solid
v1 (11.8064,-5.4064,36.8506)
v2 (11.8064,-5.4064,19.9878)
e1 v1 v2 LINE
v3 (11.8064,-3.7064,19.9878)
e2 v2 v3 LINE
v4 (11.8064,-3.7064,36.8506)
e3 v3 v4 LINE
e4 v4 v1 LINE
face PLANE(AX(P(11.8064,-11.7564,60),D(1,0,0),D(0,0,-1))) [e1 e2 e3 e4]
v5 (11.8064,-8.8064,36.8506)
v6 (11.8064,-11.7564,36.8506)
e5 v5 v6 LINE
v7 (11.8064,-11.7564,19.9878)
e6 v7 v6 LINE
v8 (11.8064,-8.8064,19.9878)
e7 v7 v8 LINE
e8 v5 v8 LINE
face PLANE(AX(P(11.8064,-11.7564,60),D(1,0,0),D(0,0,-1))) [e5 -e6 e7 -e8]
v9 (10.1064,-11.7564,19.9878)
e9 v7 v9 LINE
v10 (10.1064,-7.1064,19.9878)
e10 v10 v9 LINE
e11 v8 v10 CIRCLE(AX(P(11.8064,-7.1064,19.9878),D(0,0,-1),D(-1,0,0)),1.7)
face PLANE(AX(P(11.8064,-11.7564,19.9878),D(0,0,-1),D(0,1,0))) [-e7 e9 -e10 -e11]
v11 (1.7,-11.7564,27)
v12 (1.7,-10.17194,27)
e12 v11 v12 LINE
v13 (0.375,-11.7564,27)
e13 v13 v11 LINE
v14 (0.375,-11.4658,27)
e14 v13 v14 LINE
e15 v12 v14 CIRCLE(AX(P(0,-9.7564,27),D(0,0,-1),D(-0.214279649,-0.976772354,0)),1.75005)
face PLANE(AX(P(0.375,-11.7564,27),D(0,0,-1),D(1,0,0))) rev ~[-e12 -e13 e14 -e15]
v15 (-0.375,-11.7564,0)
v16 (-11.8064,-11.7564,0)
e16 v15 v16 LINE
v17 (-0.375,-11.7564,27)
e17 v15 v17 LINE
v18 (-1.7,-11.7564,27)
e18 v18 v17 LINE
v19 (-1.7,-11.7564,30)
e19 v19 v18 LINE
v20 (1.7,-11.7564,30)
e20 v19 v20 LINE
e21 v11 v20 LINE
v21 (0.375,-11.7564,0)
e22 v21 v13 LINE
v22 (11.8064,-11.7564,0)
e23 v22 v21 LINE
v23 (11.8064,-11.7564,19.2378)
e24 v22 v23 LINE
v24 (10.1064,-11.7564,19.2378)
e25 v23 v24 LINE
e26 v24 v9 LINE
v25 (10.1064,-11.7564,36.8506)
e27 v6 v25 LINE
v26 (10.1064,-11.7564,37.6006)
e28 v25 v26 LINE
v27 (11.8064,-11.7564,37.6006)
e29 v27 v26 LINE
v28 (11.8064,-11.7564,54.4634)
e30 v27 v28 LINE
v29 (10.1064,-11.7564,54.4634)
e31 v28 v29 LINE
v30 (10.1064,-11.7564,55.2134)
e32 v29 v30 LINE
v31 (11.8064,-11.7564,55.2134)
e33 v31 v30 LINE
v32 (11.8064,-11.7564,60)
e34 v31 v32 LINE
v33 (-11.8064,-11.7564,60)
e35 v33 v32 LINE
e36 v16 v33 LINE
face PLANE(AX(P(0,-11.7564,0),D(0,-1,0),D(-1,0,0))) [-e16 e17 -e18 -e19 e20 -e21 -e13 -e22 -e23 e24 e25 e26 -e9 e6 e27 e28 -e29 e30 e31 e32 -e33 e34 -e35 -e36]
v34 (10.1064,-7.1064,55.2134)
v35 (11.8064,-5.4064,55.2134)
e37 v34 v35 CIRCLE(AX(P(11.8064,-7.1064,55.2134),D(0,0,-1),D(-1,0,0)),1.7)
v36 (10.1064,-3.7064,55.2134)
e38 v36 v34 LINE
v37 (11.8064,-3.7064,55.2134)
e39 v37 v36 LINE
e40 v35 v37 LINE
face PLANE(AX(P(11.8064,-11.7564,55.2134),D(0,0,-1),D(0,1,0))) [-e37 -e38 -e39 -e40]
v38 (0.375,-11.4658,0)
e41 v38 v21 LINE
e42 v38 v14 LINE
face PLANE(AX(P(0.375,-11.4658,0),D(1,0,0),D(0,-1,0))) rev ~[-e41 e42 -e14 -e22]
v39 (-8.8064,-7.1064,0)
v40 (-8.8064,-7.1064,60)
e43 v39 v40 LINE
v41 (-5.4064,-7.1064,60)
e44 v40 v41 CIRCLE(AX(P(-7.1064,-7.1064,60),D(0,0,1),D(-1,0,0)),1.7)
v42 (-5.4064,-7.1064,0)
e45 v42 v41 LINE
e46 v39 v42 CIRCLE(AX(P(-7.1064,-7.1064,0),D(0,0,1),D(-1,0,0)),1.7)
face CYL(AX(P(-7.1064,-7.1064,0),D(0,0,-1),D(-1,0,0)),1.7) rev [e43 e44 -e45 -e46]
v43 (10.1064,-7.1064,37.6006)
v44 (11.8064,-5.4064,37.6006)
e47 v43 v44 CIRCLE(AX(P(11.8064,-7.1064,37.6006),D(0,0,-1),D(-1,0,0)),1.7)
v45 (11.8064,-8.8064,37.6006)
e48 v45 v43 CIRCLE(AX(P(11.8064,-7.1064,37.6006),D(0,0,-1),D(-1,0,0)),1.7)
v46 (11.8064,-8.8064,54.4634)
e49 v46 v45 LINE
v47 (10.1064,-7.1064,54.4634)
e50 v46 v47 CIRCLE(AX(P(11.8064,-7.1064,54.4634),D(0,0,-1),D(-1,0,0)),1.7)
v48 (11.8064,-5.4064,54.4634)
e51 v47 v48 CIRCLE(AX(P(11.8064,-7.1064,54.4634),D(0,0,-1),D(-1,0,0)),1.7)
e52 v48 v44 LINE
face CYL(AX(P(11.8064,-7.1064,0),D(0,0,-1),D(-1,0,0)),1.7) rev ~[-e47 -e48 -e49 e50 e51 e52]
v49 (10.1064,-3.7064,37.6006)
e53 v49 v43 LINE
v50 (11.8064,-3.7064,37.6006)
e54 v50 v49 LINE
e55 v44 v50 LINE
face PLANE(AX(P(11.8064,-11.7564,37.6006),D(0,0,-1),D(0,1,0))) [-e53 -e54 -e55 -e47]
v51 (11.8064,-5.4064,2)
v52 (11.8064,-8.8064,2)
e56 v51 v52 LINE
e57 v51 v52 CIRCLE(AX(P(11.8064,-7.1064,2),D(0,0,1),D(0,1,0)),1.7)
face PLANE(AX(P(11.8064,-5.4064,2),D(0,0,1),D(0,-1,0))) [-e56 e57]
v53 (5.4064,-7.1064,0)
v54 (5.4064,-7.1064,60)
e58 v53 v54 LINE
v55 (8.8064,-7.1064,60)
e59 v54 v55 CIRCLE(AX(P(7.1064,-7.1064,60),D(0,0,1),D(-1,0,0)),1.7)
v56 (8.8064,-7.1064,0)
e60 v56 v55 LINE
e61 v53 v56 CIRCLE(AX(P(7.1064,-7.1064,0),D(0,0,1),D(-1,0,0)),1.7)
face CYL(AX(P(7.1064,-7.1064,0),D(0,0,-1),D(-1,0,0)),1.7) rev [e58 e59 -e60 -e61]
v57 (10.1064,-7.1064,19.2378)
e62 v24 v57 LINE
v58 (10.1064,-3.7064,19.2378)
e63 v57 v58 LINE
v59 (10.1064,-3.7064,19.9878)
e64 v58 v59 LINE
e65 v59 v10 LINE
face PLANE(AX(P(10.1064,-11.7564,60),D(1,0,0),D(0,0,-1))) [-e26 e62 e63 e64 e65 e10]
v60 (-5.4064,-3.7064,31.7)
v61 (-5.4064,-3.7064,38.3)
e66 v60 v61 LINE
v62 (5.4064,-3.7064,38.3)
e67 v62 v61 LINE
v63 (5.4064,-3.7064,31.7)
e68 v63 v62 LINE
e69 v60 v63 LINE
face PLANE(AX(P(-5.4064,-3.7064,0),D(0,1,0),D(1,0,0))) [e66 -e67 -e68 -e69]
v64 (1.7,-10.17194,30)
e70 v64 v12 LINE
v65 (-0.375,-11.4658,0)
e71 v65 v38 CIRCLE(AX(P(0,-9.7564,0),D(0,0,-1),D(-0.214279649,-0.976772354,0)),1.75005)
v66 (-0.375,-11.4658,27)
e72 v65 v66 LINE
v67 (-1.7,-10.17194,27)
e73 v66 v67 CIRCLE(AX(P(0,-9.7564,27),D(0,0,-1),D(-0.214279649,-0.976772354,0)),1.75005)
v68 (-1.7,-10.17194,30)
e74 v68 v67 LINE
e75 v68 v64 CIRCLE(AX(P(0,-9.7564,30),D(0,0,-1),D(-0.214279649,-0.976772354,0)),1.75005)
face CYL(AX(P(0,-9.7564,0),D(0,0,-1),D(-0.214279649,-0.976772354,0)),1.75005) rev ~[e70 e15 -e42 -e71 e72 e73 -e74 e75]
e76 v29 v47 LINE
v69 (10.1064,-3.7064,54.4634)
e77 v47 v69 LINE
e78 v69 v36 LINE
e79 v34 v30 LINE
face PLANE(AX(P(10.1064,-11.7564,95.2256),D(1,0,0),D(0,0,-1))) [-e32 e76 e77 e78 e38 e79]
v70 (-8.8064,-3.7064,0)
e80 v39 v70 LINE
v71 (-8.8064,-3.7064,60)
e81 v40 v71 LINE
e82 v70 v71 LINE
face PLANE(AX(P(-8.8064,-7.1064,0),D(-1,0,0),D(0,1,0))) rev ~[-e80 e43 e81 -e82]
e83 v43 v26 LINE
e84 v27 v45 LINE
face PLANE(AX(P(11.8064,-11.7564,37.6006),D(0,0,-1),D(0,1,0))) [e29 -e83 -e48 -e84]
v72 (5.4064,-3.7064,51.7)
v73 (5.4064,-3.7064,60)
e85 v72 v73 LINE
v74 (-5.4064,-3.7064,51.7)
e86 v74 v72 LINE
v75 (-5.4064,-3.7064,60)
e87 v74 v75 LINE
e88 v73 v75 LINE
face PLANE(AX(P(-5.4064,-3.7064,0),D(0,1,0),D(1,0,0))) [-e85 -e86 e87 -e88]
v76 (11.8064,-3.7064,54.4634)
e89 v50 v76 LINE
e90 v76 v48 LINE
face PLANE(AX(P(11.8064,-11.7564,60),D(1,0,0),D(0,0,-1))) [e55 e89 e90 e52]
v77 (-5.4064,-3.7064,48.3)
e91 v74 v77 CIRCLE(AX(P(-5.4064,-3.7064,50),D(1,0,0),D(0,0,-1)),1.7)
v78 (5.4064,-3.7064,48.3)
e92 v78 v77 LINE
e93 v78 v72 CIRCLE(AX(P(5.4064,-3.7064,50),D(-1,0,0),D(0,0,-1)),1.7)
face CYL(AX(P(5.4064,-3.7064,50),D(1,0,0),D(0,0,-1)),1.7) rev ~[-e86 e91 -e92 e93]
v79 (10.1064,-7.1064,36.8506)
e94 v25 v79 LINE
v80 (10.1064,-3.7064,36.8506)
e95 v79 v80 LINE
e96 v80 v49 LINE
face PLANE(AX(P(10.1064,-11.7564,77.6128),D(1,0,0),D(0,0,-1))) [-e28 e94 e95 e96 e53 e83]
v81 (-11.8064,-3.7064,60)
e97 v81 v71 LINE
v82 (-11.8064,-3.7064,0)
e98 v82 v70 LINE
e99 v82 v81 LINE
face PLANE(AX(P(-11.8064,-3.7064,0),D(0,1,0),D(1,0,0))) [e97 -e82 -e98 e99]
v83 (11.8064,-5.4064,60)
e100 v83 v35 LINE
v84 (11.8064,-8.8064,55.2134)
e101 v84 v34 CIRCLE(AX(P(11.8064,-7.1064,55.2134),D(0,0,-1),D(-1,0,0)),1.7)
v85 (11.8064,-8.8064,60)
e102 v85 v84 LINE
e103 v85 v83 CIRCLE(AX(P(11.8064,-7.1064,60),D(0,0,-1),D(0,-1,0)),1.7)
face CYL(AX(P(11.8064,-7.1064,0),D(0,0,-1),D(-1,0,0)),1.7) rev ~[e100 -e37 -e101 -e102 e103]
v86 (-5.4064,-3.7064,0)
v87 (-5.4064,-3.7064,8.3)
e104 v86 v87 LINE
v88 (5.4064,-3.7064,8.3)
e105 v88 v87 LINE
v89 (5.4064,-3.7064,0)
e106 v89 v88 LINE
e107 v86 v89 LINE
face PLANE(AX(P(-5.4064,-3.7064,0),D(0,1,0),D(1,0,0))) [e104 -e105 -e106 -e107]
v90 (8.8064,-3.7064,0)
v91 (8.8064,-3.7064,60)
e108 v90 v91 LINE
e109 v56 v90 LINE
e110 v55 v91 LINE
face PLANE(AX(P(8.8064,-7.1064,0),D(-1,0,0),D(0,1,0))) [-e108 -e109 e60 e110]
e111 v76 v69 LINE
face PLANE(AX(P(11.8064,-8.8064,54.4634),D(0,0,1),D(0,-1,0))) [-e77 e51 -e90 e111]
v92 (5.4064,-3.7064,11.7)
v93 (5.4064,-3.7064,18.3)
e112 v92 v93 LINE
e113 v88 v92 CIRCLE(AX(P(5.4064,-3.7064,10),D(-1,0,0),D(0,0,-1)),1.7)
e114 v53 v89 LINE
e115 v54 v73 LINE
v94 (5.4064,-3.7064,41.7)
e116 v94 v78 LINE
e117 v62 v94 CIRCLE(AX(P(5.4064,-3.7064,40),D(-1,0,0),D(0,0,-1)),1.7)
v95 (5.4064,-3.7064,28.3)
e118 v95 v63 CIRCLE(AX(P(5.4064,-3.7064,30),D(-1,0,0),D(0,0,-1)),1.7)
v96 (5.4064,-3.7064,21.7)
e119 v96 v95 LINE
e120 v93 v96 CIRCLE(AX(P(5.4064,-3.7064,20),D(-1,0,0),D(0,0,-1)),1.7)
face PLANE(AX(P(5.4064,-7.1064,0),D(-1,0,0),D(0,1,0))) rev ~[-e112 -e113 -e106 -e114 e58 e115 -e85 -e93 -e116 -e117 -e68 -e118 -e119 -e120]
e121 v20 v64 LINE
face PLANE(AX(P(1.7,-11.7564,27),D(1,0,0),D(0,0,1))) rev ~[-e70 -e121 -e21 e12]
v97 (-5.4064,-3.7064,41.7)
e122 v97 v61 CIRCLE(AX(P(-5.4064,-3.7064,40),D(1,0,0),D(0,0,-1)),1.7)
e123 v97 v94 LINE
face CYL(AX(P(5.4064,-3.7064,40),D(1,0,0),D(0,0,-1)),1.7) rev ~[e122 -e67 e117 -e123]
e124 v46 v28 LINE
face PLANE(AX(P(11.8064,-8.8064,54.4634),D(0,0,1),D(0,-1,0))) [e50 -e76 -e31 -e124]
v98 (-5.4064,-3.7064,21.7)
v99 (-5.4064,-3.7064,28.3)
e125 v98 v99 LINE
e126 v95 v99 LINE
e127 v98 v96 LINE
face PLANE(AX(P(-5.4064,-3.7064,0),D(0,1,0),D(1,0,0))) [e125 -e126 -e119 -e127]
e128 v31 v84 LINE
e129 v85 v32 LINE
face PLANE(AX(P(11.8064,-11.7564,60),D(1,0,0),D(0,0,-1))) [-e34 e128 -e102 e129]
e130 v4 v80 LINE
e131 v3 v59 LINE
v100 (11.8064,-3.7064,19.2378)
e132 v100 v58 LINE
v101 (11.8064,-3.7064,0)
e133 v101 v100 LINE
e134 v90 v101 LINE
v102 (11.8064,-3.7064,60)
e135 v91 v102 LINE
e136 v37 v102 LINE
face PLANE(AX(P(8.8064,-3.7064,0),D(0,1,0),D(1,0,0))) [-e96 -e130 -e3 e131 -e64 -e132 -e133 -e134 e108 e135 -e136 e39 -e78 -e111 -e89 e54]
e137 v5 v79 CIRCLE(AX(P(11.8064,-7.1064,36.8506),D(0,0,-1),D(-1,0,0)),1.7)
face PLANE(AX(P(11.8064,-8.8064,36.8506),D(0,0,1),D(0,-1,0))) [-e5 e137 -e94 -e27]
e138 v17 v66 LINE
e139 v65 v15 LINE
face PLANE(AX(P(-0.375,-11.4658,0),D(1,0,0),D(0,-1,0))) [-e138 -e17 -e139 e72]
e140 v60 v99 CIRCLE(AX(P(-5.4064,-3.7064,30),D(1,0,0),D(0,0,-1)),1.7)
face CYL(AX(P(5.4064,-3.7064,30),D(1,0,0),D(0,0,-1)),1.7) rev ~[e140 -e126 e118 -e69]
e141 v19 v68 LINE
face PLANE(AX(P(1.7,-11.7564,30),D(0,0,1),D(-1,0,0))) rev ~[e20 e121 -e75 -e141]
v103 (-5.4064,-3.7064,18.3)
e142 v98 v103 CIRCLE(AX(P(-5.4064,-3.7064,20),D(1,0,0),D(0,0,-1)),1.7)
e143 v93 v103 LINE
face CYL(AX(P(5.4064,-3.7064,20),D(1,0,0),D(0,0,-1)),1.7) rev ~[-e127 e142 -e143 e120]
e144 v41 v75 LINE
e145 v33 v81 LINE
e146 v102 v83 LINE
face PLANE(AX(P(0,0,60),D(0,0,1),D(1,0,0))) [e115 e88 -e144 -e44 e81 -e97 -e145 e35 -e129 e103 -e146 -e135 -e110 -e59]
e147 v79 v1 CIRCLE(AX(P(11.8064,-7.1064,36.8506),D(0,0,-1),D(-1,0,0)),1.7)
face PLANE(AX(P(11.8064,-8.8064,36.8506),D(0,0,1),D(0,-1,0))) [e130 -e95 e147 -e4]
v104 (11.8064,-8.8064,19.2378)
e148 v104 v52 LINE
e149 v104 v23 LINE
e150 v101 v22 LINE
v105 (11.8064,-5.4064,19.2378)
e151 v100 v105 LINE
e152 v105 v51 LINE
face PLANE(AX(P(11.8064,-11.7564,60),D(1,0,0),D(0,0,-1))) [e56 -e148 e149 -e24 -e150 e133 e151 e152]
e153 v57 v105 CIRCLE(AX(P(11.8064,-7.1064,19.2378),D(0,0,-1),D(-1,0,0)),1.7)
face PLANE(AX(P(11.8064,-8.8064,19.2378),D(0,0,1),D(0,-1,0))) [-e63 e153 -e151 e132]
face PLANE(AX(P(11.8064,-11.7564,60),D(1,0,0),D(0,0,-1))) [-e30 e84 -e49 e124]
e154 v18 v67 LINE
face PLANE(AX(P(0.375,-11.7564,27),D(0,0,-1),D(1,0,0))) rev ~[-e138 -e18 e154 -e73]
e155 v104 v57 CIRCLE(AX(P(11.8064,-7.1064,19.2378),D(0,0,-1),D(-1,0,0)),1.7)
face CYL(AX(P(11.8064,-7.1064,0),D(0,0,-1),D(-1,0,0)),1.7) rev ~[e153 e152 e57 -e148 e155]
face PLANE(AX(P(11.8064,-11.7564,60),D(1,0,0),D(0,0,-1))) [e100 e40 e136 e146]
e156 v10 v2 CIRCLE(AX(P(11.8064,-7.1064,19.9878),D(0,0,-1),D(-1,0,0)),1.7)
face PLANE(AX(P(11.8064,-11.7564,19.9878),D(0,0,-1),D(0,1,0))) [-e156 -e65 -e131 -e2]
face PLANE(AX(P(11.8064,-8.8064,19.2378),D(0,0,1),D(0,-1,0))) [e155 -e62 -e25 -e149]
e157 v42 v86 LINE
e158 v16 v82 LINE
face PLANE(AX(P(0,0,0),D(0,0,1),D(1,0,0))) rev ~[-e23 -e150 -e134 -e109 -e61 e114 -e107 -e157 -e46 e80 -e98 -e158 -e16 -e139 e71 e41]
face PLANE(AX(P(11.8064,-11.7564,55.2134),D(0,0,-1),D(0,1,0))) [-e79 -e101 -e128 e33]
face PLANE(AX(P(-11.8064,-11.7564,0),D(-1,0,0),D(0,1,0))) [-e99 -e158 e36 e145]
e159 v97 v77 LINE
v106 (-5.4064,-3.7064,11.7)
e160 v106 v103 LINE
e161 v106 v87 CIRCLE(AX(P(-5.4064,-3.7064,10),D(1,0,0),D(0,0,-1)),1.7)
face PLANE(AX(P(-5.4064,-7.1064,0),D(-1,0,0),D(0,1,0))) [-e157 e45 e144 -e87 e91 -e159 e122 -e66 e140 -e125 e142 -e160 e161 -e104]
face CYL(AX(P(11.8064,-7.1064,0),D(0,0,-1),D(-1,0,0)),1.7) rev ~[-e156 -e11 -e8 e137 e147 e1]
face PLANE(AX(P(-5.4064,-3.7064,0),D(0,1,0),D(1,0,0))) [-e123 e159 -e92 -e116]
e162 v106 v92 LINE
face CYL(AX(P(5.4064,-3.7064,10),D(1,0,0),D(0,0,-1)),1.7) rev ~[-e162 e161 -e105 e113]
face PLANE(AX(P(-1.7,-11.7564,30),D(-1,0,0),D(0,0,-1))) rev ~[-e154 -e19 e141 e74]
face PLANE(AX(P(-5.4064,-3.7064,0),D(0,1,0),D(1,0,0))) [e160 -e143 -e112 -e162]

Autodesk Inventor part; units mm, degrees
ref_plane "YZ Plane" through (0, 0, 0) normal (1, 0, 0) x (0, 1, 0)
ref_plane "XZ Plane" through (0, 0, 0) normal (0, 1, 0) x (-1, 0, 0)
ref_plane "XY Plane" through (0, 0, 0) normal (0, 0, 1) x (1, 0, 0)
sketch "Sketch1" plane through (0, 0, 0) normal (0, 0, 1) x (1, 0, 0)
  circle A0 centre (0, 0) radius 8.35 construction
  arc A1 (-8.8064, -7.1064) -> (-5.4064, -7.1064) centre (-7.1064, -7.1064) ccw
  circle A2 centre (7.1064, -7.1064) radius 1.7 construction
  line L0 (0, 12.3642) -> (0, -15.7353) projected
  line L1 (-7.1064, -8.8064) -> (7.1064, -8.8064) construction
  line L2 (0, 0) -> (7.1064, -7.1064) construction
  line L3 (11.8064, -3.7064) -> (11.8064, -11.7564)
  line L4 (11.8064, -11.7564) -> (-11.8064, -11.7564)
  line L5 (-11.8064, -11.7564) -> (-11.8064, -3.7064)
  circle A3 centre (-7.1064, -3.7064) radius 1.7 construction
  line L6 (-8.8064, -7.1064) -> (-8.8064, -3.7064)
  line L7 (-5.4064, -7.1064) -> (-5.4064, -3.7064)
  line L8 (-11.8064, -3.7064) -> (-8.8064, -3.7064)
  arc A4 (5.4064, -7.1064) -> (8.8064, -7.1064) centre (7.1064, -7.1064) ccw
  line L9 (8.8064, -7.1064) -> (8.8064, -3.7064)
  line L10 (5.4064, -7.1064) -> (5.4064, -3.7064)
  line L11 (-5.4064, -3.7064) -> (5.4064, -3.7064)
  line L12 (8.8064, -3.7064) -> (11.8064, -3.7064)
  dimension "d0" = 16.7
  dimension "d1" = 3.4
  dimension "d4" = 45
  dimension "d5" = 3
  dimension "d6" = 4.65
  dimension "d25" = 17.6129
extrude "Extrusion1" add sketch "Sketch1" along normal blind 60
sketch "Sketch2" plane through (5.4064, -7.1064, 0) normal (1, 0, 0) x (0, 0, -1)
  line L0 (0, -4.65) -> (0, 3.4) projected
  line L1 (0, 3.4) -> (-60, 3.4) projected
  line L2 (-60, -4.65) -> (-60, 3.4) projected
  line L3 (0, -4.65) -> (-60, -4.65) projected
  line L4 (0, 3.4) -> (-60, 3.4) projected
  circle A0 centre (-10, 3.4) radius 1.7
  point P0 (0, 7.1064)
  dimension "d9" = 10
  dimension "d10" = 3.4
extrude "Extrusion2" cut sketch "Sketch2" against normal up to surface (10.8128 mm away) contours A0 L1 | L1 A0
pattern_linear "Rectangular Pattern1" count 5 spacing 10 along (0, 0, 1) of "Extrusion2"
sketch "Sketch3" plane through (0, 0, 0) normal (0, 0, -1) x (-1, 0, 0)
  line L0 (11.8064, -3.7064) -> (11.8064, -11.7564) projected
  line L1 (8.8064, -3.7064) -> (11.8064, -3.7064) projected
  line L2 (8.8064, -7.1064) -> (8.8064, -3.7064) projected
  arc A0 (5.4064, -7.1064) -> (8.8064, -7.1064) centre (7.1064, -7.1064) ccw projected
  line L3 (5.4064, -3.7064) -> (5.4064, -7.1064) projected
  line L4 (-5.4064, -3.7064) -> (5.4064, -3.7064) projected
  line L5 (-5.4064, -7.1064) -> (-5.4064, -3.7064) projected
  arc A1 (-8.8064, -7.1064) -> (-5.4064, -7.1064) centre (-7.1064, -7.1064) ccw projected
  line L6 (-8.8064, -3.7064) -> (-8.8064, -7.1064) projected
  line L7 (-11.8064, -3.7064) -> (-8.8064, -3.7064) projected
  line L8 (-11.8064, -11.7564) -> (-11.8064, -3.7064) projected
  line L9 (11.8064, -11.7564) -> (-11.8064, -11.7564) projected
  arc A2 (0.375, -11.4658) -> (-0.375, -11.4658) centre (0, -9.7564) ccw
  line L10 (-0.375, -11.4658) -> (-0.375, -11.7564)
  line L11 (0.375, -11.4658) -> (0.375, -11.7564)
  point P0 (0, 0)
  dimension "d16" = 3.5
  dimension "d17" = 0.75
  dimension "d20" = 2
extrude "Extrusion3" cut sketch "Sketch3" against normal blind 30 contours L9 L10 A2 L11
sketch "Sketch4" plane through (-11.8064, -11.7564, 60) normal (0, -1, 0) x (1, 0, 0)
  line L0 (12.1814, -30) -> (12.1814, -60) projected
  line L1 (12.1814, -60) -> (23.6128, -60) projected
  line L2 (23.6128, -60) -> (23.6128, 0) projected
  line L3 (0, 0) -> (23.6128, 0) projected
  line L4 (0, -60) -> (0, 0) projected
  line L5 (0, -60) -> (11.4314, -60) projected
  line L6 (11.4314, -60) -> (11.4314, -30) projected
  line L7 (11.4314, -30) -> (12.1814, -30) projected
  line L8 (13.5064, -30) -> (10.1064, -30)
  line L9 (10.1064, -30) -> (10.1064, -33)
  line L10 (10.1064, -33) -> (13.5064, -33)
  line L11 (13.5064, -33) -> (13.5064, -30)
  line L12 (11.8064, 12) -> (11.8064, -72) projected
  point P0 (11.8064, -60)
  dimension "d21" = 3.4
  dimension "d22" = 3
extrude "Extrusion4" cut sketch "Sketch4" against normal blind 2 contours L8 L11 L10 L0 | L0 L10 L12 L7 | L12 L10 L6 L7 | L6 L10 L9 L8
sketch "Sketch5" plane through (0, 0, 0) normal (0, 0, -1) x (-1, 0, 0)
  line L0 (-11.8064, -11.7564) -> (-11.8064, -3.7064) projected
  circle A0 centre (-11.8064, -7.1064) radius 1.7
  line L1 (-0.375, -11.7564) -> (-11.8064, -11.7564) projected
  line L2 (-11.8064, -3.7064) -> (-8.8064, -3.7064) projected
  point P0 (0, 0)
  dimension "d26" = 3.4
  dimension "d28" = 3.4
extrude "Extrusion5" cut sketch "Sketch5" against normal up to surface (60 mm away)
sketch "Sketch6" plane through (11.8064, -11.7564, 60) normal (1, 0, 0) x (0, 0, -1)
  line L0 (60, 0) -> (0, 0) projected
  line L1 (60, 8.05) -> (0, 8.05) projected
  line L2 (40.7622, 0) -> (40.0122, 0)
  line L3 (40.0122, 0) -> (40.0122, 8.05)
  line L4 (40.0122, 8.05) -> (40.7622, 8.05)
  line L5 (40.7622, 8.05) -> (40.7622, 0)
  line L6 (60, 0) -> (0, 0) construction
  line L7 (40.3872, 0) -> (40.3872, 8.05) construction
  line L8 (60, 8.05) -> (60, 4.65) projected
  line L9 (60, 2.95) -> (0, 2.95) projected
  line L10 (60, 6.35) -> (58, 6.35)
  line L11 (58, 6.35) -> (58, 2.95)
  line L12 (58, 2.95) -> (60, 2.95)
  line L13 (60, 2.95) -> (60, 6.35)
  point P0 (60, 11.7564)
  dimension "d31" = 0.75
  dimension "d32" = 2
  dimension "d33" = 17.6129
extrude "Extrusion6" add sketch "Sketch6" against normal blind 1.7 contours L11 L10 L8 L13 L9
extrude "Extrusion7" cut sketch "Sketch6" against normal blind 1.7 contours L0 L3 L9 L5 | L9 L3 L1 L5
pattern_linear "Rectangular Pattern2" count 5 spacing 17.6128 along (0, 0, 1) of "Extrusion7"
sketch "Sketch7" plane through (-5.4064, -3.7064, 11.7) normal (0, 1, 0) x (1, 0, 0)
  point P0 (5.4064, 11.7)
equation "\"d0\" = marbleSize"
equation "\"d1\" = trackDiameter"
equation "\"d10\" = trackDiameter"
equation "\"d21\" = trackDiameter"
equation "\"d26\" = trackDiameter"
equation "\"d28\" = trackDiameter"
equation "\"d29\" = 0.5 * trackDiameter"
equation "\"d33\" = d25"
equation "\"d34\" = 0.5 * trackDiameter"
equation "\"d36\" = 0.5 * trackDiameter"
equation "\"d40\" = d25"
equation "\"marbleSize\" = 16.7"
equation "\"trackDiameter\" = 3.4"
equation "\"numGroove\" = 5"
properties part number "Track Builder"
